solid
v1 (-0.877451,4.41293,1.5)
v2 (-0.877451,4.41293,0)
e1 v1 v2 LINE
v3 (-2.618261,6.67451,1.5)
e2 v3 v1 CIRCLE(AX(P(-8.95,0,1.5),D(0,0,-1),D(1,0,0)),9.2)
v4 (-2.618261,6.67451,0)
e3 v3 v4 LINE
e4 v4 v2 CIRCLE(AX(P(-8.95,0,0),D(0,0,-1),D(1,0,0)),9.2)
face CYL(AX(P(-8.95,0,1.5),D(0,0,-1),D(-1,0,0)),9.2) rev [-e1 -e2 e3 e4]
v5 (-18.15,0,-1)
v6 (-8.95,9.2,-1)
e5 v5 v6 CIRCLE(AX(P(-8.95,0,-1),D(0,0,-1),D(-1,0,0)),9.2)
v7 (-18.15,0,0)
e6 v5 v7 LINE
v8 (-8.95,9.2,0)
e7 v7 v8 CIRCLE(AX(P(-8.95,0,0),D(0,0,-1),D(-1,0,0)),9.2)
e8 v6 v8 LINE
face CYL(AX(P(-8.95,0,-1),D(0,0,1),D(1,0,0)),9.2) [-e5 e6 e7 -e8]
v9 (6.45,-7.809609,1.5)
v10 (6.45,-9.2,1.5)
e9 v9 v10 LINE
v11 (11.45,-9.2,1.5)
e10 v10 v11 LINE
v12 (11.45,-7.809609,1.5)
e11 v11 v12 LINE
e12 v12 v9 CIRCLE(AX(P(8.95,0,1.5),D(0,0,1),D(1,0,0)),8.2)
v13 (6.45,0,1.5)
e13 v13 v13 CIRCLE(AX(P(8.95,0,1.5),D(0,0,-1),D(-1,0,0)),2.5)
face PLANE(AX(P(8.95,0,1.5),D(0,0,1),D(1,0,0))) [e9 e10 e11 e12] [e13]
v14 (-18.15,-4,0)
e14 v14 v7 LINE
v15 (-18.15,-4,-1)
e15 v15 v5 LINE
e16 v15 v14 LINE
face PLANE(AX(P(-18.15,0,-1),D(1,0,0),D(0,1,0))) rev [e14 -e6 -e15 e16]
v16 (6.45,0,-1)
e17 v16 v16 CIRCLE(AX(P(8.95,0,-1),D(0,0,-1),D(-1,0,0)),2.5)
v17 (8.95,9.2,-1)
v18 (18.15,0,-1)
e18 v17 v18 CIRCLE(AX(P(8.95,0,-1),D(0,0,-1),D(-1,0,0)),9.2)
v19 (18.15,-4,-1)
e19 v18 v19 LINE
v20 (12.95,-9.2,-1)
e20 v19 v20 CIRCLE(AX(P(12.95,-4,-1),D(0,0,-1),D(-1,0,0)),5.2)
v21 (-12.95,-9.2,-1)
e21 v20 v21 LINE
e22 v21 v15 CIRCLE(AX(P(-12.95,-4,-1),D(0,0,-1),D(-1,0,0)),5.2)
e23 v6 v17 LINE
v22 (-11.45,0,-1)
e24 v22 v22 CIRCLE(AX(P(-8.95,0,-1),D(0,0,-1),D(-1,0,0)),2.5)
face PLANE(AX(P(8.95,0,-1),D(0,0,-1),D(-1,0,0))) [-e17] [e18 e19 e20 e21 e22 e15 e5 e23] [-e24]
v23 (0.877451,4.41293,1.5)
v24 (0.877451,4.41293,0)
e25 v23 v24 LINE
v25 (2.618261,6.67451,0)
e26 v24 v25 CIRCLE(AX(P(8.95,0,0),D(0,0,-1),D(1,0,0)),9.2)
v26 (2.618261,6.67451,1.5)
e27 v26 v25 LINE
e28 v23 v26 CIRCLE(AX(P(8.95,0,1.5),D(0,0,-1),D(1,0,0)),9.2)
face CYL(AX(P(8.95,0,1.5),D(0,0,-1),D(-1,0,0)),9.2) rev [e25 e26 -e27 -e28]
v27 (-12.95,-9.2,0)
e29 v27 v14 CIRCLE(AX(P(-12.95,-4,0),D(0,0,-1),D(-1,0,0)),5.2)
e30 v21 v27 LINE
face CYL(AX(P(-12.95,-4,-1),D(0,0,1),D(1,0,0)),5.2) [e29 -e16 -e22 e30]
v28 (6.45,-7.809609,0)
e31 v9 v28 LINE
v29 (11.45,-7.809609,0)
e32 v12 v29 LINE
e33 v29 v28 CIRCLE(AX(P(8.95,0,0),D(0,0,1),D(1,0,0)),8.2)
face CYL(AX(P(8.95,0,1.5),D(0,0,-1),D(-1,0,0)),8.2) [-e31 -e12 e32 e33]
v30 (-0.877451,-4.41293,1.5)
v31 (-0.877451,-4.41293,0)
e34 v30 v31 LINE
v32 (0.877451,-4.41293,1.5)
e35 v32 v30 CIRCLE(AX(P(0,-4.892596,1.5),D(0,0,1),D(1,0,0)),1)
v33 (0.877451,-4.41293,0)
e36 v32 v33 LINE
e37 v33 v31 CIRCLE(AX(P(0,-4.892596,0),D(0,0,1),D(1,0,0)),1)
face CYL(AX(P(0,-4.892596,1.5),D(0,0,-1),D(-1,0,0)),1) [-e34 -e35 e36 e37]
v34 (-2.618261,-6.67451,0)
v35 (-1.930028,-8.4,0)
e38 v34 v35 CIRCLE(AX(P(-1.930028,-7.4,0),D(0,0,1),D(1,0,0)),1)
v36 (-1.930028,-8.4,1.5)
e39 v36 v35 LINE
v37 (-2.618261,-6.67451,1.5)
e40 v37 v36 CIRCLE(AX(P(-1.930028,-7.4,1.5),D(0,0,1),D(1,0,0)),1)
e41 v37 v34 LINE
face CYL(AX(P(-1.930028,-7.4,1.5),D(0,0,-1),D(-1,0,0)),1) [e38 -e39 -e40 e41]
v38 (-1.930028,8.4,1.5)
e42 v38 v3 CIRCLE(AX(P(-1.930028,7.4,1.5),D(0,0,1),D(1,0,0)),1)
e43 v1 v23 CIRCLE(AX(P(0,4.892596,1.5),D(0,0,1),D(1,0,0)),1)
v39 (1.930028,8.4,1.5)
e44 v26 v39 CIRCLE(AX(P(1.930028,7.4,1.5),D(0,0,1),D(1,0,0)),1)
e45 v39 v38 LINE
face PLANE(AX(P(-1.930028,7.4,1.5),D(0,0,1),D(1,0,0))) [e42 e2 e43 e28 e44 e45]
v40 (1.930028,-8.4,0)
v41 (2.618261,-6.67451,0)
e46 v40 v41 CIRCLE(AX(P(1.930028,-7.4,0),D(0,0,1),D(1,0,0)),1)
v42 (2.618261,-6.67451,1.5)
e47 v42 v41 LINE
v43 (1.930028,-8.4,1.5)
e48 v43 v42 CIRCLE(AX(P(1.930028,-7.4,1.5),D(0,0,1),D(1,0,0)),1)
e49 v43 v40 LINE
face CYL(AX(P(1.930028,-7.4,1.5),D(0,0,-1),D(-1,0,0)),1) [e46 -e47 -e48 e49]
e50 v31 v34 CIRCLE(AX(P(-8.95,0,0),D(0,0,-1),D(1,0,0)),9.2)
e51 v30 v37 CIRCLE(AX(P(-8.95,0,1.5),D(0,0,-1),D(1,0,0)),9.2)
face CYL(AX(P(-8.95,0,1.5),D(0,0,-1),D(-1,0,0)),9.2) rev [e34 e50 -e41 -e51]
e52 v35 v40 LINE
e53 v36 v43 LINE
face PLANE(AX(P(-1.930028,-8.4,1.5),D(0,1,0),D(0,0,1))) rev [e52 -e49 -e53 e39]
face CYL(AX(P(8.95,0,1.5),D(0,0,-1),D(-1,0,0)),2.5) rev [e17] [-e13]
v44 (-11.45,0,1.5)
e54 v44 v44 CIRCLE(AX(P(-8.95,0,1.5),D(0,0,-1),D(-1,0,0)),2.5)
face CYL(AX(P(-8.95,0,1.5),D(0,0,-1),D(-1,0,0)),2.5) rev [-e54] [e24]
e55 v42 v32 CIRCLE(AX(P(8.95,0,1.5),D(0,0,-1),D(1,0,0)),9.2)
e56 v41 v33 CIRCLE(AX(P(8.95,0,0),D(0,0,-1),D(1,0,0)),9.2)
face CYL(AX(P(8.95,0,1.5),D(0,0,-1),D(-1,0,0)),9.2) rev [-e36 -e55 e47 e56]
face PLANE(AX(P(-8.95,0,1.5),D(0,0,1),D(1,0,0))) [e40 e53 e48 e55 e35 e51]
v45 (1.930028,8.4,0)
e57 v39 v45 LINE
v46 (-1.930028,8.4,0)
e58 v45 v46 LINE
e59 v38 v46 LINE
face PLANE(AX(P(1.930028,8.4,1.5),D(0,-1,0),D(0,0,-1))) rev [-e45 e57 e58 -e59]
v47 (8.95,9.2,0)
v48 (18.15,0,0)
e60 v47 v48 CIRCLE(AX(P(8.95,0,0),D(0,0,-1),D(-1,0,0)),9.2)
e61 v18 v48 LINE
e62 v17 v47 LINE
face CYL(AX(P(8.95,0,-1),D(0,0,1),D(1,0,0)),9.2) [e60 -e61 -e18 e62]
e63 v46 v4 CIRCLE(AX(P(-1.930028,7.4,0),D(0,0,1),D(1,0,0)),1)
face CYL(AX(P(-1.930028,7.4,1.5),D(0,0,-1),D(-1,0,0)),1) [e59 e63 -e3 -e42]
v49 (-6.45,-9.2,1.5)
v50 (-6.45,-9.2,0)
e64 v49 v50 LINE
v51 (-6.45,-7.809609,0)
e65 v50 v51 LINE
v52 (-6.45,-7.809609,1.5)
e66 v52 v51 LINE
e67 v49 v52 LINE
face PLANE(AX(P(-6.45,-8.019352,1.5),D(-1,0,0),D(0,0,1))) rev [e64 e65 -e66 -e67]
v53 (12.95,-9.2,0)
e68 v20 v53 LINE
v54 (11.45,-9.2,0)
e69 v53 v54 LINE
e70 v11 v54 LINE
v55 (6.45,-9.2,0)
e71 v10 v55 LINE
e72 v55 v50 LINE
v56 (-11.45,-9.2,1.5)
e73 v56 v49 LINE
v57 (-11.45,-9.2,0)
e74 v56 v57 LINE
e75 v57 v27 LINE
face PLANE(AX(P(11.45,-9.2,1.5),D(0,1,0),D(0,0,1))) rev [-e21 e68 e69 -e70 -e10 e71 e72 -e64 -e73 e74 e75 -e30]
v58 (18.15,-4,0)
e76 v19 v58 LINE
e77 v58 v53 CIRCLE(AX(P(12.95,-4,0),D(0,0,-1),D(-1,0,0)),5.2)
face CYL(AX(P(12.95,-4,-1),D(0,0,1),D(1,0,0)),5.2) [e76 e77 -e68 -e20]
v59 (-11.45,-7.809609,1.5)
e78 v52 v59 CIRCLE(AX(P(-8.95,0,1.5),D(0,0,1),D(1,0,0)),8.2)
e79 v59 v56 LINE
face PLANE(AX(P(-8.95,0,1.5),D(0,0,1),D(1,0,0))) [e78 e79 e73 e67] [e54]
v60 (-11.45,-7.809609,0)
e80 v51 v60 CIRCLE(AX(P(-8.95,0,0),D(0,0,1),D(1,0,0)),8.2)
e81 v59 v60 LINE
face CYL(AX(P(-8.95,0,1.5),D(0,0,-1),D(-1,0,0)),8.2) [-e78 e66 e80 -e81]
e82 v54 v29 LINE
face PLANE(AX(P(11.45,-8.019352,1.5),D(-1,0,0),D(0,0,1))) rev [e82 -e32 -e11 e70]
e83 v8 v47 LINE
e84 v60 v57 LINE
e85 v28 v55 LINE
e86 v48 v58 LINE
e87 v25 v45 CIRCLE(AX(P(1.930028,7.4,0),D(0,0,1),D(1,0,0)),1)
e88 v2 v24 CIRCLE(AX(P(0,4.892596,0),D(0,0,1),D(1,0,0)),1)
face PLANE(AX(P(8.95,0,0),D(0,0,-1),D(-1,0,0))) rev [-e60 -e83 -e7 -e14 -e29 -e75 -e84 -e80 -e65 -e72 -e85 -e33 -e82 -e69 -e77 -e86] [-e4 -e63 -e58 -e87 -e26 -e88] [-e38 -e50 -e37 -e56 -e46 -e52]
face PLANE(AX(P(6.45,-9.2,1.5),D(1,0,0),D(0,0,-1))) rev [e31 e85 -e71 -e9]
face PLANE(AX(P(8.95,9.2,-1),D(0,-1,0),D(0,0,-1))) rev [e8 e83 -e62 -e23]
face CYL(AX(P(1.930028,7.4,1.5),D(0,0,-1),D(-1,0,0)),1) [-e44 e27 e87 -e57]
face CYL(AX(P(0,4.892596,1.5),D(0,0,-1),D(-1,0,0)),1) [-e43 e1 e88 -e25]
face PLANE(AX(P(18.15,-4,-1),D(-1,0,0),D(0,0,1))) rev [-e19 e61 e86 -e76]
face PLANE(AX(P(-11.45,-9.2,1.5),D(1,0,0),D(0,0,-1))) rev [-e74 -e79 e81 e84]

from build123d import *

# Parameters (mm, degrees)
EXTRUDE_1_DEPTH     = 1.5
EXTRUDE_1_2_DEPTH   = 1.5
EXTRUDE_1_3_DEPTH   = 1.5
EXTRUDE_1_4_DEPTH   = 1.5
EXTRUDE_START       = 1
EXTRUDE_2_DEPTH     = 1
SKETCH_4_R          = 2.5
CUT_EXTRUDE_1_DEPTH = 21.501524334


with BuildPart() as part:
    # Эскиз2 → Бобышка-Вытянуть1 (new body)
    with BuildSketch(Plane.XY):
        with BuildLine():
            Line((-1.93002849, -8.4), (1.93002849, -8.4))
            ThreePointArc((1.93002849, -8.4), (2.858869218, -7.770479287), (2.618260991, -6.674509804))
            ThreePointArc((2.618260991, -6.674509804), (1.659625246, -5.611633981), (0.87745098, -4.412930129))
            ThreePointArc((0.87745098, -4.412930129), (0, -3.892596448), (-0.87745098, -4.412930129))
            ThreePointArc((-0.87745098, -4.412930129), (-1.659625246, -5.611633981), (-2.618260991, -6.674509804))
            ThreePointArc((-2.618260991, -6.674509804), (-2.858869218, -7.770479287), (-1.93002849, -8.4))
        make_face()
    extrude(amount=EXTRUDE_1_DEPTH)



with BuildPart() as body_2:
    # Эскиз2 → Extrude 1 2 (new body)
    with BuildSketch(Plane.XY):
        with BuildLine():
            Line((1.93002849, 8.4), (-1.93002849, 8.4))
            ThreePointArc((-1.93002849, 8.4), (-2.858869218, 7.770479287), (-2.618260991, 6.674509804))
            ThreePointArc((-2.618260991, 6.674509804), (-1.659625246, 5.611633981), (-0.87745098, 4.412930129))
            ThreePointArc((-0.87745098, 4.412930129), (0, 3.892596448), (0.87745098, 4.412930129))
            ThreePointArc((0.87745098, 4.412930129), (1.659625246, 5.611633981), (2.618260991, 6.674509804))
            ThreePointArc((2.618260991, 6.674509804), (2.858869218, 7.770479287), (1.93002849, 8.4))
        make_face()
    extrude(amount=EXTRUDE_1_2_DEPTH)


with BuildPart() as body_3:
    # Эскиз2 → Extrude 1 3 (new body)
    with BuildSketch(Plane.XY):
        with BuildLine():
            Line((-11.45, -8.019351595), (-11.45, -7.809609465))
            ThreePointArc((-11.45, -7.809609465), (-8.95, 8.2), (-6.45, -7.809609465))
            Line((-6.45, -7.809609465), (-6.45, -8.019351595))
            Line((-6.45, -8.019351595), (-6.45, -9.2))
            Line((-6.45, -9.2), (-11.45, -9.2))
            Line((-11.45, -9.2), (-11.45, -8.019351595))
        make_face()
    extrude(amount=EXTRUDE_1_3_DEPTH)


with BuildPart() as body_4:
    # Эскиз2 → Extrude 1 4 (new body)
    with BuildSketch(Plane.XY):
        with BuildLine():
            Line((6.45, -8.019351595), (6.45, -7.809609465))
            ThreePointArc((6.45, -7.809609465), (8.95, 8.2), (11.45, -7.809609465))
            Line((11.45, -7.809609465), (11.45, -8.019351595))
            Line((11.45, -8.019351595), (11.45, -9.2))
            Line((11.45, -9.2), (6.45, -9.2))
            Line((6.45, -9.2), (6.45, -8.019351595))
        make_face()
    extrude(amount=EXTRUDE_1_4_DEPTH)


with BuildPart() as part_1:
    add(part.part)

    add(body_2.part)  # Бобышка-Вытянуть2 merges body 2

    add(body_3.part)  # Бобышка-Вытянуть2 merges body 3

    add(body_4.part)  # Бобышка-Вытянуть2 merges body 4
    # Эскиз3 → Бобышка-Вытянуть2 (add)
    with BuildSketch(Plane(origin=(0, 0, 0), x_dir=(-1, 0, 0), z_dir=(0, 0, -1)).offset(EXTRUDE_START)):
        with BuildLine():
            Line((-8.95, 9.2), (8.95, 9.2))
            ThreePointArc((8.95, 9.2), (15.455382387, 6.505382387), (18.15, 0))
            Line((18.15, 0), (18.15, -4))
            ThreePointArc((18.15, -4), (16.626955262, -7.676955262), (12.95, -9.2))
            Line((12.95, -9.2), (11.45, -9.2))
            Line((11.45, -9.2), (6.45, -9.2))
            Line((6.45, -9.2), (-6.45, -9.2))
            Line((-6.45, -9.2), (-11.45, -9.2))
            Line((-11.45, -9.2), (-12.95, -9.2))
            ThreePointArc((-12.95, -9.2), (-16.626955262, -7.676955262), (-18.15, -4))
            Line((-18.15, -4), (-18.15, 0))
            ThreePointArc((-18.15, 0), (-15.455382387, 6.505382387), (-8.95, 9.2))
        make_face()
    extrude(amount=-EXTRUDE_2_DEPTH)

    # Эскиз4 → Вырез-Вытянуть1 (cut, through all)
    with BuildSketch(Plane(origin=(0, 0, -1), x_dir=(-1, 0, 0), z_dir=(0, 0, -1))):
        with Locations((-8.95, 0)):
            Circle(SKETCH_4_R)
        with Locations((8.95, 0)):
            Circle(SKETCH_4_R)
    extrude(amount=-CUT_EXTRUDE_1_DEPTH, mode=Mode.SUBTRACT)


solid = part_1.part
